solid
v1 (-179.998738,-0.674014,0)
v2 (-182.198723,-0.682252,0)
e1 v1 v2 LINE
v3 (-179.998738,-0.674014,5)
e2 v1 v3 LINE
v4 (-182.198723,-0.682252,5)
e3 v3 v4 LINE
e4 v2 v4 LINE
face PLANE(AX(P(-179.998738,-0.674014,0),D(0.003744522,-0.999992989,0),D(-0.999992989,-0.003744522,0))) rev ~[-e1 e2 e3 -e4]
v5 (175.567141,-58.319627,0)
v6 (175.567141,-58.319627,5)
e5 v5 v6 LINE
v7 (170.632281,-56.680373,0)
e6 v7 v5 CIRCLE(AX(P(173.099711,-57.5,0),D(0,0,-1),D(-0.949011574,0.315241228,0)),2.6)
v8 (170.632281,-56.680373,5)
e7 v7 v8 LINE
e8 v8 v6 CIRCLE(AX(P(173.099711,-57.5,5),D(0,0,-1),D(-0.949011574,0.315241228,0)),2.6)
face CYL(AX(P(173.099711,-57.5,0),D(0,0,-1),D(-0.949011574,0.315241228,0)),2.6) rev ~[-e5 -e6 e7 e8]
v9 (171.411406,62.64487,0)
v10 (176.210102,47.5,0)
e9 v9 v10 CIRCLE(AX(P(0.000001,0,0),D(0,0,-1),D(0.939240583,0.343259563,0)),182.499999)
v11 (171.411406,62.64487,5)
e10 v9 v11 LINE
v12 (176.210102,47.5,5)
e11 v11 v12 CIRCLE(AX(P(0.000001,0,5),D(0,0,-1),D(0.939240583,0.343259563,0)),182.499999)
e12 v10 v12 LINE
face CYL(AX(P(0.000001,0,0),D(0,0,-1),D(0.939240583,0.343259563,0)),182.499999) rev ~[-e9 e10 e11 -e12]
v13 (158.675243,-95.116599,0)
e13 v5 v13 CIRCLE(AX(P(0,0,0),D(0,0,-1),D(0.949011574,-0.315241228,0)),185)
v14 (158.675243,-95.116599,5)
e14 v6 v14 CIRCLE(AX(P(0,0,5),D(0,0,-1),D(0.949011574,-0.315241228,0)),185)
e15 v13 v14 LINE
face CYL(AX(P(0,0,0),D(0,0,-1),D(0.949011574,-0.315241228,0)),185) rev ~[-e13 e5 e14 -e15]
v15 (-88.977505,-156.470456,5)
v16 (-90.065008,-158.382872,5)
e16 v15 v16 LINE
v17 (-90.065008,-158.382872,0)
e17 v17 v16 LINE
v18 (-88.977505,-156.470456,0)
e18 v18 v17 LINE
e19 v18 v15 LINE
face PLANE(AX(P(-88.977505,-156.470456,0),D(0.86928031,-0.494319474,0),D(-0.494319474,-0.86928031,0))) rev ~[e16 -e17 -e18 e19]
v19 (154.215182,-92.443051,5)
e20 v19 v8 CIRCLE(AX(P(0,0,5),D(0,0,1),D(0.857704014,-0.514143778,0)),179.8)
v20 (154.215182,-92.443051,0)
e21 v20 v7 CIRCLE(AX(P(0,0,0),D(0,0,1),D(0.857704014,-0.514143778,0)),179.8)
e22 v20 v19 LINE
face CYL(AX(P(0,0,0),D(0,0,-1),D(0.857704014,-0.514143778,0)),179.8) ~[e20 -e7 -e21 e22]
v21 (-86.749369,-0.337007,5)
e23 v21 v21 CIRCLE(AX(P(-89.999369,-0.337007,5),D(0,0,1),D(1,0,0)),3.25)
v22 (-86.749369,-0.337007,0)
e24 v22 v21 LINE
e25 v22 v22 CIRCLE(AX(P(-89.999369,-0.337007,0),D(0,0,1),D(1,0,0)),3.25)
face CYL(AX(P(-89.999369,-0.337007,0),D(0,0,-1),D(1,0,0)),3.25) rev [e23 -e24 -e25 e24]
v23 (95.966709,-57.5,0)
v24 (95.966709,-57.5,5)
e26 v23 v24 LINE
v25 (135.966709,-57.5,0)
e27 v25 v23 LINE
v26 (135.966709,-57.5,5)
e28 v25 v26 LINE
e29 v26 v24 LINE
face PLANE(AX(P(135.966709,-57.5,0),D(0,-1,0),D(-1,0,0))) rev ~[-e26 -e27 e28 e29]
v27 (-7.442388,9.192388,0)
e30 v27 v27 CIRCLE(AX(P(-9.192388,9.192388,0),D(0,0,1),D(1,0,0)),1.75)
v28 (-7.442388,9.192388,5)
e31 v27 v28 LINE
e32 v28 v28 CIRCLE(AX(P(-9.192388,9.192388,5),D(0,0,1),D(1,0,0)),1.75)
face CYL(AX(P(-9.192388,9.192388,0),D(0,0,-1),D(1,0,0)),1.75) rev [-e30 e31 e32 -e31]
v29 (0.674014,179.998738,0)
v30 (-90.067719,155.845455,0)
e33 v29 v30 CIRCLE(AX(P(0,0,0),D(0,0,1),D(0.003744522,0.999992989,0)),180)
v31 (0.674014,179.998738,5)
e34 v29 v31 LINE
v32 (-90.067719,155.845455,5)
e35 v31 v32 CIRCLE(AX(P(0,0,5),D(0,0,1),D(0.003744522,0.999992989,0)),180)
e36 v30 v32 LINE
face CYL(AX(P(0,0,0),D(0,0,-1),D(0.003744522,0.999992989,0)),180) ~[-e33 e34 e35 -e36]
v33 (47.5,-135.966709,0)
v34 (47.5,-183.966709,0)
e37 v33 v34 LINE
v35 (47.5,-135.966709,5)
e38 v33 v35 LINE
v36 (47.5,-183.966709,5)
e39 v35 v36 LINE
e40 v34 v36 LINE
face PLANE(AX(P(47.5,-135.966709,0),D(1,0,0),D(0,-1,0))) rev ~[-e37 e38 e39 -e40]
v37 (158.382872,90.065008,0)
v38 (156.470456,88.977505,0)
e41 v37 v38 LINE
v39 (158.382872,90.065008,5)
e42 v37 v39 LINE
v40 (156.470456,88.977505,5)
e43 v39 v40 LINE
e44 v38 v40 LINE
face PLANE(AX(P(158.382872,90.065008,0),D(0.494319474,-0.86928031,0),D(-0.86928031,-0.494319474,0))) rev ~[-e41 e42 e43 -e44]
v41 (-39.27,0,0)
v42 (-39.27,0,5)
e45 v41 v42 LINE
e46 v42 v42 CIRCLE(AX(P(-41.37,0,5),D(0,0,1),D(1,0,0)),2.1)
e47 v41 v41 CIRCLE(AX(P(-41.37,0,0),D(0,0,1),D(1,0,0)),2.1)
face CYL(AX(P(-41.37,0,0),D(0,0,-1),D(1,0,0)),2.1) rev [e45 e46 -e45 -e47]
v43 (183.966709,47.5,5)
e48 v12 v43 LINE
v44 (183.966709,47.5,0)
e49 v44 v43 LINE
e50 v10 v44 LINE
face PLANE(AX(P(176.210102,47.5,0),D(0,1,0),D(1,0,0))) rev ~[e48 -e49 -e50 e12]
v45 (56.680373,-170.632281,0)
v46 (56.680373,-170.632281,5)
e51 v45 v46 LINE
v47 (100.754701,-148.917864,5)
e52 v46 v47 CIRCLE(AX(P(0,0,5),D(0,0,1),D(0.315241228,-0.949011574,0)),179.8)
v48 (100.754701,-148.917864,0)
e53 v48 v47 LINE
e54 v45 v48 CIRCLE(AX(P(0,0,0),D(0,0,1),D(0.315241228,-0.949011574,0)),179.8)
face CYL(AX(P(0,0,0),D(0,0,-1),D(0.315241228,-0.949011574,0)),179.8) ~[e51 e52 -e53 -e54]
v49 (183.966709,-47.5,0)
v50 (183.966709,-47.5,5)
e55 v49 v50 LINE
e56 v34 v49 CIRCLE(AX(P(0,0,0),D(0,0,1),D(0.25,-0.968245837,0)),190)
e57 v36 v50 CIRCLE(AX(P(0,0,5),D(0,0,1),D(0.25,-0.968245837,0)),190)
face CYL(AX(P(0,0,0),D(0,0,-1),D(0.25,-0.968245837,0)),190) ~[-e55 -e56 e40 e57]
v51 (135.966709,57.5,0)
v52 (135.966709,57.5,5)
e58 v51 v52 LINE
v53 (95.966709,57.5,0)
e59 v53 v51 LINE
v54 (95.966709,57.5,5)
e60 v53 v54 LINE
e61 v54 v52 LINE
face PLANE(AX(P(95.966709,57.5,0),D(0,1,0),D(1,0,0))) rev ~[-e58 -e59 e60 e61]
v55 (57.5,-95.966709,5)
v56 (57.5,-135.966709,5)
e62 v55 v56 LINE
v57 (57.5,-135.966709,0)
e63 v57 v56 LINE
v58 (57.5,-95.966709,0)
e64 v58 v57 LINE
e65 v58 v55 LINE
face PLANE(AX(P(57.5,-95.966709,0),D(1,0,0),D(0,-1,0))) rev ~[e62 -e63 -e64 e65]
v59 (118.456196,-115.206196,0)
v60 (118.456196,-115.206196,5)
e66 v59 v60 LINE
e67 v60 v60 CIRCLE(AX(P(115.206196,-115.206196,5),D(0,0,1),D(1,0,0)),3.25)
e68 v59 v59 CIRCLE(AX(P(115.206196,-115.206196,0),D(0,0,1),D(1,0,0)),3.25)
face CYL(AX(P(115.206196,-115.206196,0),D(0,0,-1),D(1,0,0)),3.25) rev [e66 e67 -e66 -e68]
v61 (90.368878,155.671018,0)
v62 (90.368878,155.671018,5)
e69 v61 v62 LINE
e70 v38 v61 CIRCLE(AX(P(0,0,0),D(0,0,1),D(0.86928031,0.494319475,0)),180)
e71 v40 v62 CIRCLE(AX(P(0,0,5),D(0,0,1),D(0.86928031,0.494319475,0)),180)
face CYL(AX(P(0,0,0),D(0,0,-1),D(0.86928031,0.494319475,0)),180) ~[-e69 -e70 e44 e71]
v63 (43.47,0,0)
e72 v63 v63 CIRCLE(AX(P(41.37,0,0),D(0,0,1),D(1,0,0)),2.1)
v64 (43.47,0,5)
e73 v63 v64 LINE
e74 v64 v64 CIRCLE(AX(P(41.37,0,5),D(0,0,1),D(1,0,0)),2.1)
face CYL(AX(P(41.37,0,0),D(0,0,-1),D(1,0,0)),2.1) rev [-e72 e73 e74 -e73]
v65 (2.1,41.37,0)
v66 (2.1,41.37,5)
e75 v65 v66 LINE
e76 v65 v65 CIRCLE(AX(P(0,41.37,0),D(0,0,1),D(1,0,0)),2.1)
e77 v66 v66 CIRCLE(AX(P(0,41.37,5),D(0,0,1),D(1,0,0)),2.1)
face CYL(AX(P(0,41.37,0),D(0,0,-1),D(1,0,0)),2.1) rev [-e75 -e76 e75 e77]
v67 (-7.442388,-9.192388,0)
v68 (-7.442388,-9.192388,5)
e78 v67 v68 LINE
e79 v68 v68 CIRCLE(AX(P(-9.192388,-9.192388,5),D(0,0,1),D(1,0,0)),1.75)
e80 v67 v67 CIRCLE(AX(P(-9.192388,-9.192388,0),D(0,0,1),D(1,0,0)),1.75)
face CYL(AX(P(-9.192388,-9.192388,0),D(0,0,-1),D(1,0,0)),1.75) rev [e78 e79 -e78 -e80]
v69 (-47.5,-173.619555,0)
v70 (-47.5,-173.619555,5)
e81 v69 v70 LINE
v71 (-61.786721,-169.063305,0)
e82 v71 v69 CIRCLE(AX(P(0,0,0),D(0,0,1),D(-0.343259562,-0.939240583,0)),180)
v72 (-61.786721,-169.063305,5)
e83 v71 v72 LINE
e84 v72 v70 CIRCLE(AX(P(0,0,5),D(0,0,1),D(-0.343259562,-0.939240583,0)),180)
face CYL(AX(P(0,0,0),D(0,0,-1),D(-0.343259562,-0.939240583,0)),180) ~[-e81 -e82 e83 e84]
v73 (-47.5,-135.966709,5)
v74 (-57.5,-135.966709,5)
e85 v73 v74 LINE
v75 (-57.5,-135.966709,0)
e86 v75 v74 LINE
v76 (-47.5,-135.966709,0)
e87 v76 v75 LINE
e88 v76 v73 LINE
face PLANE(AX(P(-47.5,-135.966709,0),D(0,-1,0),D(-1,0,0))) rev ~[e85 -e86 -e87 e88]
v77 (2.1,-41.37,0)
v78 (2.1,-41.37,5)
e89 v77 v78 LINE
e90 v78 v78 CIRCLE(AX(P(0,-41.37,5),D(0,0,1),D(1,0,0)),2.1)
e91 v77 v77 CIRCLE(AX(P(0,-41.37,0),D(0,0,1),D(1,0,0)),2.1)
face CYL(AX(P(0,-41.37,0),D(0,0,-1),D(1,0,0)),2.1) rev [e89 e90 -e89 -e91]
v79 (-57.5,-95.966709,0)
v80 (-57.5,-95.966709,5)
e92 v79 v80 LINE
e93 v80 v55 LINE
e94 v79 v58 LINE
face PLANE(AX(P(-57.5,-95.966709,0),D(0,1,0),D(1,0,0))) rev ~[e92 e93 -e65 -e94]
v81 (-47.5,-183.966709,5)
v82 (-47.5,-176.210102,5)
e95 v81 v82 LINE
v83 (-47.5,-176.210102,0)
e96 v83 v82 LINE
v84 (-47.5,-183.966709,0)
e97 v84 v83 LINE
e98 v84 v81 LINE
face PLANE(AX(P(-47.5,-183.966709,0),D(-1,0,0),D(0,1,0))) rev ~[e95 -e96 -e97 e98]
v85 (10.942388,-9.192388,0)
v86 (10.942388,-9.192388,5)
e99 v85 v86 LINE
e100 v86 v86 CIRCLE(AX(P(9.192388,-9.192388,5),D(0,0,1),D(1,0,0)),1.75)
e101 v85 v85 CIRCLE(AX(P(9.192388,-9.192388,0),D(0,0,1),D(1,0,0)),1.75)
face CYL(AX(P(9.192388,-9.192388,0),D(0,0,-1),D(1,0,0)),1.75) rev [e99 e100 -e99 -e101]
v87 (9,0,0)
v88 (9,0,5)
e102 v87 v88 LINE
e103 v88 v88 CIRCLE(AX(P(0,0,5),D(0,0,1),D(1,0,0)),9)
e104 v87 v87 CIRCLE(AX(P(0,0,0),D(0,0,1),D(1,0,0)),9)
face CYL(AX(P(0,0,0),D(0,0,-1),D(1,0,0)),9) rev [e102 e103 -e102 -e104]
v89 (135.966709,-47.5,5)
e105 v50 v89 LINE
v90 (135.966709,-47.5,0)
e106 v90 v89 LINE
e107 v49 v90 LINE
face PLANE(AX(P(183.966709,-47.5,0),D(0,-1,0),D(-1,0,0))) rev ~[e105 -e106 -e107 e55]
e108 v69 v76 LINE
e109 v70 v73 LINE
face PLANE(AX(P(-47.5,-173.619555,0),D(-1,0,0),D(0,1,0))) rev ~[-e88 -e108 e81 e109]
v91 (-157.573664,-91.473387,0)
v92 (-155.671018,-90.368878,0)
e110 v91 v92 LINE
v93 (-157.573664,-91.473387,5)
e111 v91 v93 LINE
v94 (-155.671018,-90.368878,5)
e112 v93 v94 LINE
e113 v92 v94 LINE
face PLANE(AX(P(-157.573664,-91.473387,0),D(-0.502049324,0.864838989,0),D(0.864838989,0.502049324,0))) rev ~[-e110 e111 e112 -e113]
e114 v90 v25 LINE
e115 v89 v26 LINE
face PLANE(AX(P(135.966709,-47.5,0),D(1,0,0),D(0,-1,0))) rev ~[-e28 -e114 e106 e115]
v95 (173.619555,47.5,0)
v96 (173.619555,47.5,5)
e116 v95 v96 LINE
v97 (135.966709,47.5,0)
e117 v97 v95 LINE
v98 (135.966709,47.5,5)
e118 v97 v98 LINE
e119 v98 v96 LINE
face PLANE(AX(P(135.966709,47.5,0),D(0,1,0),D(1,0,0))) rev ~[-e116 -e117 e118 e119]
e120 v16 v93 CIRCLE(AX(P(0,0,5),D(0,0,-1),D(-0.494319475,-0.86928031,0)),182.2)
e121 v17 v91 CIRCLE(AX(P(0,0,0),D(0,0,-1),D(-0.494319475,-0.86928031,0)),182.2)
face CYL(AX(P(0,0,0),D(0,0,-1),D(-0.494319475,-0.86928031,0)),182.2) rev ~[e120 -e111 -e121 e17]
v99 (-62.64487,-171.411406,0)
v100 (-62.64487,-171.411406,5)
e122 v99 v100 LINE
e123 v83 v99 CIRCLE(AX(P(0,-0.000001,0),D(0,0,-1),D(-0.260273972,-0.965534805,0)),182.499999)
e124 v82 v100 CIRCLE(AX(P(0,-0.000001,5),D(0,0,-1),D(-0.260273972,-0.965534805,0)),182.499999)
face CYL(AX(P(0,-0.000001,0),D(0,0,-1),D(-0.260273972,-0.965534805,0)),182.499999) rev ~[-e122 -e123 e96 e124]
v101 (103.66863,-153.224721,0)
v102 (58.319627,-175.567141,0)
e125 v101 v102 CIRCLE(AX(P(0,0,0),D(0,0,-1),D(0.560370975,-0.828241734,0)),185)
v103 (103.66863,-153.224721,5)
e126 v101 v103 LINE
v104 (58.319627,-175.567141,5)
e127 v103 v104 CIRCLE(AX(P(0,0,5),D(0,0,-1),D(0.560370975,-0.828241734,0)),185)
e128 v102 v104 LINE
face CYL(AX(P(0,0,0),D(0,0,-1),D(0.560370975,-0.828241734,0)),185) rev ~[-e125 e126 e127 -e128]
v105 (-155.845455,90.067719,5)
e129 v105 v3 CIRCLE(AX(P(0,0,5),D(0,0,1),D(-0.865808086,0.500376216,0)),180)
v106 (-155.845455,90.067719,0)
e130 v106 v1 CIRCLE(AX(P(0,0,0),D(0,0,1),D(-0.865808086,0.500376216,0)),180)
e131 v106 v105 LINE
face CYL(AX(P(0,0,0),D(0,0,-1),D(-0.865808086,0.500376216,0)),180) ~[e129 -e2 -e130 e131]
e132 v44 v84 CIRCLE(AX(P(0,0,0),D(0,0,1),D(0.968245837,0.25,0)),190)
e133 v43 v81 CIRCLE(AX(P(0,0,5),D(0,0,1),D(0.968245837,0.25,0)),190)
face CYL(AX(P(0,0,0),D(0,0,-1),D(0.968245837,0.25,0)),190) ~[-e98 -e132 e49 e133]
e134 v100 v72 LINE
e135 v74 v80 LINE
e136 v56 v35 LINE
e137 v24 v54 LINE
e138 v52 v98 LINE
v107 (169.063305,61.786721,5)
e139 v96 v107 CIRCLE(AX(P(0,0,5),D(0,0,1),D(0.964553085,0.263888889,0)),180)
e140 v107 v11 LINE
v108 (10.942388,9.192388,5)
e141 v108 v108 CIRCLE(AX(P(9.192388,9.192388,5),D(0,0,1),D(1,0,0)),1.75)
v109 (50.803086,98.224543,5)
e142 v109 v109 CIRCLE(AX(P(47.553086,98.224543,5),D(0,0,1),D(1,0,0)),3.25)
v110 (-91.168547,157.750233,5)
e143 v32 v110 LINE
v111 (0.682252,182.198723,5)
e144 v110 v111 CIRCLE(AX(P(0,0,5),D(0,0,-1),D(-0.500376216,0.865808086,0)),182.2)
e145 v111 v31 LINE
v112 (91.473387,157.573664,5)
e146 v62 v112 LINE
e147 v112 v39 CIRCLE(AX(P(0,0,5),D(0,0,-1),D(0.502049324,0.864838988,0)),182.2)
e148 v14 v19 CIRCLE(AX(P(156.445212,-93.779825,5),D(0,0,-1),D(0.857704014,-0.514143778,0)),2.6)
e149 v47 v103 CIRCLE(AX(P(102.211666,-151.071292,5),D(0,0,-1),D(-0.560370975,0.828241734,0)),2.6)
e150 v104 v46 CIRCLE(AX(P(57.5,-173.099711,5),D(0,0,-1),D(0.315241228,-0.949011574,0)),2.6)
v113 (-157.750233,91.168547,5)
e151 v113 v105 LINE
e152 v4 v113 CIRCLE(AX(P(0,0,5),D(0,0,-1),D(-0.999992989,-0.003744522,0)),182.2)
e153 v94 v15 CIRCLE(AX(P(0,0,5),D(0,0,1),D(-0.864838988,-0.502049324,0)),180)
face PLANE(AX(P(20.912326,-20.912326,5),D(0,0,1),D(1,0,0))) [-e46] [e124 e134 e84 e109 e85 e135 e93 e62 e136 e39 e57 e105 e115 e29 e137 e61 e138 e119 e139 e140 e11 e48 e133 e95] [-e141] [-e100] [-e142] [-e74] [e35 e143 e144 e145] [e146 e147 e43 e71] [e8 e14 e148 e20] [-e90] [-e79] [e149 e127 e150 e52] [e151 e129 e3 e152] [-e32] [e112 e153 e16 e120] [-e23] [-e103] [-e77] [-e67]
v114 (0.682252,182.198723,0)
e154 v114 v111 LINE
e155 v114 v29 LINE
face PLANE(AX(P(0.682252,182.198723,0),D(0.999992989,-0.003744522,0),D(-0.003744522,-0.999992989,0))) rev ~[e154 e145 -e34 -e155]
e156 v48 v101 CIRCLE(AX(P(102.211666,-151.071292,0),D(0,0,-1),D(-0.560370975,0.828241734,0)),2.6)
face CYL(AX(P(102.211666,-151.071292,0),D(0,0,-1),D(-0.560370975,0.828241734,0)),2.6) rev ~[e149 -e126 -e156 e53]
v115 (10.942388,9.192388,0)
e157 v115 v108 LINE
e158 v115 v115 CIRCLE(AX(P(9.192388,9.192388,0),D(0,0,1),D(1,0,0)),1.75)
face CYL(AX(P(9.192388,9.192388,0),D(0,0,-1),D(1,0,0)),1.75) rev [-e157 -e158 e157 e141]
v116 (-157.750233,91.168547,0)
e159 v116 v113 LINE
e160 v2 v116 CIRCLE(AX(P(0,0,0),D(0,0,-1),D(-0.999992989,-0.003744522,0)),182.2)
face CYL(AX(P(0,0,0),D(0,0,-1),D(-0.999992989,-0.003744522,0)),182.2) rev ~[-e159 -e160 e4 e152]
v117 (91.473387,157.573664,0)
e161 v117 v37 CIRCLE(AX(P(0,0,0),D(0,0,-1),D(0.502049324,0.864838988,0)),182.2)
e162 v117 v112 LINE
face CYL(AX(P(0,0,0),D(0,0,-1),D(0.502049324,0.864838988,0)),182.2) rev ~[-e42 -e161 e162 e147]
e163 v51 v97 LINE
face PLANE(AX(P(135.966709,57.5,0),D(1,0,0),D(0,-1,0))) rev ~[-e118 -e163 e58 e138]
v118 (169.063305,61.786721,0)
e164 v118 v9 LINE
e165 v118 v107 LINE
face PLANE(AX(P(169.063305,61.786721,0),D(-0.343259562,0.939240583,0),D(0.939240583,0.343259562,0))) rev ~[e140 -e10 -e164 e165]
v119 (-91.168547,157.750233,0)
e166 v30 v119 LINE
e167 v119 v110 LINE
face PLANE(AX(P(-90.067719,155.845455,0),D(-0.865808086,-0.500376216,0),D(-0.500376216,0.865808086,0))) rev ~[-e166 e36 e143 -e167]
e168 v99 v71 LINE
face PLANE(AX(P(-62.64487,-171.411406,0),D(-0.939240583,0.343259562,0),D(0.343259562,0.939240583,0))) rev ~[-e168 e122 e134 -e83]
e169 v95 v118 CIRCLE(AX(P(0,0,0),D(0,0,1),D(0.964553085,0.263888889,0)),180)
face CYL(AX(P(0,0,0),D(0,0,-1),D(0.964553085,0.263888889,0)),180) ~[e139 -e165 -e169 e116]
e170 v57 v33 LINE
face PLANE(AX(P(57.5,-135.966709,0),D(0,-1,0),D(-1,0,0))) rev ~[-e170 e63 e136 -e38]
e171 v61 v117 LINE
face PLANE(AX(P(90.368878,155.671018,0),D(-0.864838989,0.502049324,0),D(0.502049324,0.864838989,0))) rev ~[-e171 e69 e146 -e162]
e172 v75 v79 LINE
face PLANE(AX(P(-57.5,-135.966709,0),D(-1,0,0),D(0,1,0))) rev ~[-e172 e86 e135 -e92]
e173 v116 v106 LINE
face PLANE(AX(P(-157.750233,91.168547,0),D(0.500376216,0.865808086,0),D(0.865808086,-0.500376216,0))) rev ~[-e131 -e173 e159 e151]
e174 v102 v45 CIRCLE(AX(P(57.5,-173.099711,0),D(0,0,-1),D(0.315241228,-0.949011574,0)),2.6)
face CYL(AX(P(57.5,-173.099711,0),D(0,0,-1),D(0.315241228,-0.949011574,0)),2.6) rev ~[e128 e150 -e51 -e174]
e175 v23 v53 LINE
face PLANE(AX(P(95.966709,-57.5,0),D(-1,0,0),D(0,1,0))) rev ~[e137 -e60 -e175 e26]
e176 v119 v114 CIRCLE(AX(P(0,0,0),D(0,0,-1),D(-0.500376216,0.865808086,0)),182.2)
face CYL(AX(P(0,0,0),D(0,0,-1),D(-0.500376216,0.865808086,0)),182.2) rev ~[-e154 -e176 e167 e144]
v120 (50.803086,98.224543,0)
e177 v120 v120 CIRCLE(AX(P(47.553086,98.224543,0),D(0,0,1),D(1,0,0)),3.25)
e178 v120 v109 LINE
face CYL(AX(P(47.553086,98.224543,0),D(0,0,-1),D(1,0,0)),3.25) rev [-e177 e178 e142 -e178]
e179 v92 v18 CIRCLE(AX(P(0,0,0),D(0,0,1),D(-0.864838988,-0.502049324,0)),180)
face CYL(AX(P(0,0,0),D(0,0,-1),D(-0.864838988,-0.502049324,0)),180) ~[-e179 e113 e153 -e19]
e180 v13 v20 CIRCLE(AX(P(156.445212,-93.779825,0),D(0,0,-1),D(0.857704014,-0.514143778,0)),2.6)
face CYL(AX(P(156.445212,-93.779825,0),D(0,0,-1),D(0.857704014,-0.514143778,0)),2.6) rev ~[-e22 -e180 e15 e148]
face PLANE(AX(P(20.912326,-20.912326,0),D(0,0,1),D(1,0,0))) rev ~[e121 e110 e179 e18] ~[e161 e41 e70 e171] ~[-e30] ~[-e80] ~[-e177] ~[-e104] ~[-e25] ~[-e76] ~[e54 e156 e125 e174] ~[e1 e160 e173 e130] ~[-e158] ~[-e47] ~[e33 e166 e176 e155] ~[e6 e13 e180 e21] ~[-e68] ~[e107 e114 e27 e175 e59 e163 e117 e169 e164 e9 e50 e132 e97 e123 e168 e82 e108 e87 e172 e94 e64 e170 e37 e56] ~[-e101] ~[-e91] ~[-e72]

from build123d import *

# Parameters (mm, degrees)
SKETCH1_R           = 3.25
SKETCH1_R_2         = 2.1
SKETCH1_R_3         = 1.75
SKETCH1_R_4         = 9
BOSS_EXTRUDE1_DEPTH = 5


with BuildPart() as part:
    # Sketch1 → Boss-Extrude1 (new body)
    with BuildSketch(Plane.XY):
        with BuildLine():
            Line((47.5, -135.966708945), (47.5, -183.966708945))
            ThreePointArc((47.5, -183.966708945), (134.350288425, -134.350288425), (183.966708945, -47.5))
            Line((183.966708945, -47.5), (135.966708945, -47.5))
            Line((135.966708945, -47.5), (135.966708945, -57.5))
            Line((135.966708945, -57.5), (95.966708945, -57.5))
            Line((95.966708945, -57.5), (95.966708945, 57.5))
            Line((95.966708945, 57.5), (135.966708945, 57.5))
            Line((135.966708945, 57.5), (135.966708945, 47.5))
            Line((135.966708945, 47.5), (173.61955535, 47.5))
            ThreePointArc((173.61955535, 47.5), (171.490271693, 54.690828433), (169.063304941, 61.786721248))
            Line((169.063304941, 61.786721248), (171.411406398, 62.644870154))
            ThreePointArc((171.411406398, 62.644870154), (173.97563055, 55.124676642), (176.210101867, 47.5))
            Line((176.210101867, 47.5), (183.966708945, 47.5))
            ThreePointArc((183.966708945, 47.5), (-134.350288425, 134.350288425), (-47.5, -183.966708945))
            Line((-47.5, -183.966708945), (-47.5, -176.210101867))
            ThreePointArc((-47.5, -176.210101867), (-55.124676642, -173.97563055), (-62.644870154, -171.411406398))
            Line((-62.644870154, -171.411406398), (-61.786721248, -169.063304941))
            ThreePointArc((-61.786721248, -169.063304941), (-54.690828433, -171.490271693), (-47.5, -173.61955535))
            Line((-47.5, -173.61955535), (-47.5, -135.966708945))
            Line((-47.5, -135.966708945), (-57.5, -135.966708945))
            Line((-57.5, -135.966708945), (-57.5, -95.966708945))
            Line((-57.5, -95.966708945), (57.5, -95.966708945))
            Line((57.5, -95.966708945), (57.5, -135.966708945))
            Line((57.5, -135.966708945), (47.5, -135.966708945))
        make_face()
        with Locations((47.553086042, 98.224543307)):
            Circle(SKETCH1_R, mode=Mode.SUBTRACT)
        with BuildLine():
            Line((-90.06771897, 155.845455499), (-91.168546646, 157.750233288))
            ThreePointArc((-91.168546646, 157.750233288), (-46.86549419, 176.069490413), (0.682251823, 182.198722642))
            Line((0.682251823, 182.198722642), (0.674013875, 179.998738066))
            ThreePointArc((0.674013875, 179.998738066), (-46.299610067, 173.943514129), (-90.06771897, 155.845455499))
        make_face(mode=Mode.SUBTRACT)
        with BuildLine():
            ThreePointArc((-155.845455499, 90.06771897), (-173.943514129, 46.299610067), (-179.998738066, -0.674013875))
            Line((-179.998738066, -0.674013875), (-182.198722642, -0.682251823))
            ThreePointArc((-182.198722642, -0.682251823), (-176.069490413, 46.86549419), (-157.750233288, 91.168546646))
            Line((-157.750233288, 91.168546646), (-155.845455499, 90.06771897))
        make_face(mode=Mode.SUBTRACT)
        with BuildLine():
            Line((-88.977505429, -156.470455766), (-90.065008273, -158.382872448))
            ThreePointArc((-90.065008273, -158.382872448), (-128.259298986, -129.407852249), (-157.573663687, -91.473386907))
            Line((-157.573663687, -91.473386907), (-155.671017912, -90.368878394))
            ThreePointArc((-155.671017912, -90.368878394), (-126.710613707, -127.845298599), (-88.977505429, -156.470455766))
        make_face(mode=Mode.SUBTRACT)
        with Locations((-89.999369033, -0.337006938)):
            Circle(SKETCH1_R, mode=Mode.SUBTRACT)
        with Locations((-41.37, 0)):
            Circle(SKETCH1_R_2, mode=Mode.SUBTRACT)
        with Locations((-9.192388155, -9.192388155)):
            Circle(SKETCH1_R_3, mode=Mode.SUBTRACT)
        with BuildLine():
            ThreePointArc((103.668630414, -153.224720813), (81.760900425, -165.952267721), (58.319627193, -175.567141243))
            ThreePointArc((58.319627193, -175.567141243), (55.032569907, -173.919338342), (56.680372807, -170.632281056))
            ThreePointArc((56.680372807, -170.632281056), (79.462756197, -161.287663439), (100.754701342, -148.917863795))
            ThreePointArc((100.754701342, -148.917863795), (104.365094387, -149.614327769), (103.668630414, -153.224720813))
        make_face(mode=Mode.SUBTRACT)
        with Locations((115.206196365, -115.206196365)):
            Circle(SKETCH1_R, mode=Mode.SUBTRACT)
        with Locations((0, -41.37)):
            Circle(SKETCH1_R_2, mode=Mode.SUBTRACT)
        with Locations((9.192388155, -9.192388155)):
            Circle(SKETCH1_R_3, mode=Mode.SUBTRACT)
        Circle(SKETCH1_R_4, mode=Mode.SUBTRACT)
        with Locations((41.37, 0)):
            Circle(SKETCH1_R_2, mode=Mode.SUBTRACT)
        with BuildLine():
            ThreePointArc((175.567141243, -58.319627193), (168.13089268, -77.181622984), (158.67524262, -95.116598864))
            ThreePointArc((158.67524262, -95.116598864), (155.108438361, -96.009855479), (154.215181746, -92.443051221))
            ThreePointArc((154.215181746, -92.443051221), (163.405051373, -75.012193581), (170.632281056, -56.680372807))
            ThreePointArc((170.632281056, -56.680372807), (173.919338342, -55.032569907), (175.567141243, -58.319627193))
        make_face(mode=Mode.SUBTRACT)
        with Locations((-9.192388155, 9.192388155)):
            Circle(SKETCH1_R_3, mode=Mode.SUBTRACT)
        with Locations((9.192388155, 9.192388155)):
            Circle(SKETCH1_R_3, mode=Mode.SUBTRACT)
        with Locations((0, 41.37)):
            Circle(SKETCH1_R_2, mode=Mode.SUBTRACT)
        with BuildLine():
            ThreePointArc((91.473386907, 157.573663687), (129.407852249, 128.259298986), (158.382872448, 90.065008273))
            Line((158.382872448, 90.065008273), (156.470455766, 88.977505429))
            ThreePointArc((156.470455766, 88.977505429), (127.845298599, 126.710613707), (90.368878394, 155.671017912))
            Line((90.368878394, 155.671017912), (91.473386907, 157.573663687))
        make_face(mode=Mode.SUBTRACT)
    extrude(amount=BOSS_EXTRUDE1_DEPTH)


solid = part.part
